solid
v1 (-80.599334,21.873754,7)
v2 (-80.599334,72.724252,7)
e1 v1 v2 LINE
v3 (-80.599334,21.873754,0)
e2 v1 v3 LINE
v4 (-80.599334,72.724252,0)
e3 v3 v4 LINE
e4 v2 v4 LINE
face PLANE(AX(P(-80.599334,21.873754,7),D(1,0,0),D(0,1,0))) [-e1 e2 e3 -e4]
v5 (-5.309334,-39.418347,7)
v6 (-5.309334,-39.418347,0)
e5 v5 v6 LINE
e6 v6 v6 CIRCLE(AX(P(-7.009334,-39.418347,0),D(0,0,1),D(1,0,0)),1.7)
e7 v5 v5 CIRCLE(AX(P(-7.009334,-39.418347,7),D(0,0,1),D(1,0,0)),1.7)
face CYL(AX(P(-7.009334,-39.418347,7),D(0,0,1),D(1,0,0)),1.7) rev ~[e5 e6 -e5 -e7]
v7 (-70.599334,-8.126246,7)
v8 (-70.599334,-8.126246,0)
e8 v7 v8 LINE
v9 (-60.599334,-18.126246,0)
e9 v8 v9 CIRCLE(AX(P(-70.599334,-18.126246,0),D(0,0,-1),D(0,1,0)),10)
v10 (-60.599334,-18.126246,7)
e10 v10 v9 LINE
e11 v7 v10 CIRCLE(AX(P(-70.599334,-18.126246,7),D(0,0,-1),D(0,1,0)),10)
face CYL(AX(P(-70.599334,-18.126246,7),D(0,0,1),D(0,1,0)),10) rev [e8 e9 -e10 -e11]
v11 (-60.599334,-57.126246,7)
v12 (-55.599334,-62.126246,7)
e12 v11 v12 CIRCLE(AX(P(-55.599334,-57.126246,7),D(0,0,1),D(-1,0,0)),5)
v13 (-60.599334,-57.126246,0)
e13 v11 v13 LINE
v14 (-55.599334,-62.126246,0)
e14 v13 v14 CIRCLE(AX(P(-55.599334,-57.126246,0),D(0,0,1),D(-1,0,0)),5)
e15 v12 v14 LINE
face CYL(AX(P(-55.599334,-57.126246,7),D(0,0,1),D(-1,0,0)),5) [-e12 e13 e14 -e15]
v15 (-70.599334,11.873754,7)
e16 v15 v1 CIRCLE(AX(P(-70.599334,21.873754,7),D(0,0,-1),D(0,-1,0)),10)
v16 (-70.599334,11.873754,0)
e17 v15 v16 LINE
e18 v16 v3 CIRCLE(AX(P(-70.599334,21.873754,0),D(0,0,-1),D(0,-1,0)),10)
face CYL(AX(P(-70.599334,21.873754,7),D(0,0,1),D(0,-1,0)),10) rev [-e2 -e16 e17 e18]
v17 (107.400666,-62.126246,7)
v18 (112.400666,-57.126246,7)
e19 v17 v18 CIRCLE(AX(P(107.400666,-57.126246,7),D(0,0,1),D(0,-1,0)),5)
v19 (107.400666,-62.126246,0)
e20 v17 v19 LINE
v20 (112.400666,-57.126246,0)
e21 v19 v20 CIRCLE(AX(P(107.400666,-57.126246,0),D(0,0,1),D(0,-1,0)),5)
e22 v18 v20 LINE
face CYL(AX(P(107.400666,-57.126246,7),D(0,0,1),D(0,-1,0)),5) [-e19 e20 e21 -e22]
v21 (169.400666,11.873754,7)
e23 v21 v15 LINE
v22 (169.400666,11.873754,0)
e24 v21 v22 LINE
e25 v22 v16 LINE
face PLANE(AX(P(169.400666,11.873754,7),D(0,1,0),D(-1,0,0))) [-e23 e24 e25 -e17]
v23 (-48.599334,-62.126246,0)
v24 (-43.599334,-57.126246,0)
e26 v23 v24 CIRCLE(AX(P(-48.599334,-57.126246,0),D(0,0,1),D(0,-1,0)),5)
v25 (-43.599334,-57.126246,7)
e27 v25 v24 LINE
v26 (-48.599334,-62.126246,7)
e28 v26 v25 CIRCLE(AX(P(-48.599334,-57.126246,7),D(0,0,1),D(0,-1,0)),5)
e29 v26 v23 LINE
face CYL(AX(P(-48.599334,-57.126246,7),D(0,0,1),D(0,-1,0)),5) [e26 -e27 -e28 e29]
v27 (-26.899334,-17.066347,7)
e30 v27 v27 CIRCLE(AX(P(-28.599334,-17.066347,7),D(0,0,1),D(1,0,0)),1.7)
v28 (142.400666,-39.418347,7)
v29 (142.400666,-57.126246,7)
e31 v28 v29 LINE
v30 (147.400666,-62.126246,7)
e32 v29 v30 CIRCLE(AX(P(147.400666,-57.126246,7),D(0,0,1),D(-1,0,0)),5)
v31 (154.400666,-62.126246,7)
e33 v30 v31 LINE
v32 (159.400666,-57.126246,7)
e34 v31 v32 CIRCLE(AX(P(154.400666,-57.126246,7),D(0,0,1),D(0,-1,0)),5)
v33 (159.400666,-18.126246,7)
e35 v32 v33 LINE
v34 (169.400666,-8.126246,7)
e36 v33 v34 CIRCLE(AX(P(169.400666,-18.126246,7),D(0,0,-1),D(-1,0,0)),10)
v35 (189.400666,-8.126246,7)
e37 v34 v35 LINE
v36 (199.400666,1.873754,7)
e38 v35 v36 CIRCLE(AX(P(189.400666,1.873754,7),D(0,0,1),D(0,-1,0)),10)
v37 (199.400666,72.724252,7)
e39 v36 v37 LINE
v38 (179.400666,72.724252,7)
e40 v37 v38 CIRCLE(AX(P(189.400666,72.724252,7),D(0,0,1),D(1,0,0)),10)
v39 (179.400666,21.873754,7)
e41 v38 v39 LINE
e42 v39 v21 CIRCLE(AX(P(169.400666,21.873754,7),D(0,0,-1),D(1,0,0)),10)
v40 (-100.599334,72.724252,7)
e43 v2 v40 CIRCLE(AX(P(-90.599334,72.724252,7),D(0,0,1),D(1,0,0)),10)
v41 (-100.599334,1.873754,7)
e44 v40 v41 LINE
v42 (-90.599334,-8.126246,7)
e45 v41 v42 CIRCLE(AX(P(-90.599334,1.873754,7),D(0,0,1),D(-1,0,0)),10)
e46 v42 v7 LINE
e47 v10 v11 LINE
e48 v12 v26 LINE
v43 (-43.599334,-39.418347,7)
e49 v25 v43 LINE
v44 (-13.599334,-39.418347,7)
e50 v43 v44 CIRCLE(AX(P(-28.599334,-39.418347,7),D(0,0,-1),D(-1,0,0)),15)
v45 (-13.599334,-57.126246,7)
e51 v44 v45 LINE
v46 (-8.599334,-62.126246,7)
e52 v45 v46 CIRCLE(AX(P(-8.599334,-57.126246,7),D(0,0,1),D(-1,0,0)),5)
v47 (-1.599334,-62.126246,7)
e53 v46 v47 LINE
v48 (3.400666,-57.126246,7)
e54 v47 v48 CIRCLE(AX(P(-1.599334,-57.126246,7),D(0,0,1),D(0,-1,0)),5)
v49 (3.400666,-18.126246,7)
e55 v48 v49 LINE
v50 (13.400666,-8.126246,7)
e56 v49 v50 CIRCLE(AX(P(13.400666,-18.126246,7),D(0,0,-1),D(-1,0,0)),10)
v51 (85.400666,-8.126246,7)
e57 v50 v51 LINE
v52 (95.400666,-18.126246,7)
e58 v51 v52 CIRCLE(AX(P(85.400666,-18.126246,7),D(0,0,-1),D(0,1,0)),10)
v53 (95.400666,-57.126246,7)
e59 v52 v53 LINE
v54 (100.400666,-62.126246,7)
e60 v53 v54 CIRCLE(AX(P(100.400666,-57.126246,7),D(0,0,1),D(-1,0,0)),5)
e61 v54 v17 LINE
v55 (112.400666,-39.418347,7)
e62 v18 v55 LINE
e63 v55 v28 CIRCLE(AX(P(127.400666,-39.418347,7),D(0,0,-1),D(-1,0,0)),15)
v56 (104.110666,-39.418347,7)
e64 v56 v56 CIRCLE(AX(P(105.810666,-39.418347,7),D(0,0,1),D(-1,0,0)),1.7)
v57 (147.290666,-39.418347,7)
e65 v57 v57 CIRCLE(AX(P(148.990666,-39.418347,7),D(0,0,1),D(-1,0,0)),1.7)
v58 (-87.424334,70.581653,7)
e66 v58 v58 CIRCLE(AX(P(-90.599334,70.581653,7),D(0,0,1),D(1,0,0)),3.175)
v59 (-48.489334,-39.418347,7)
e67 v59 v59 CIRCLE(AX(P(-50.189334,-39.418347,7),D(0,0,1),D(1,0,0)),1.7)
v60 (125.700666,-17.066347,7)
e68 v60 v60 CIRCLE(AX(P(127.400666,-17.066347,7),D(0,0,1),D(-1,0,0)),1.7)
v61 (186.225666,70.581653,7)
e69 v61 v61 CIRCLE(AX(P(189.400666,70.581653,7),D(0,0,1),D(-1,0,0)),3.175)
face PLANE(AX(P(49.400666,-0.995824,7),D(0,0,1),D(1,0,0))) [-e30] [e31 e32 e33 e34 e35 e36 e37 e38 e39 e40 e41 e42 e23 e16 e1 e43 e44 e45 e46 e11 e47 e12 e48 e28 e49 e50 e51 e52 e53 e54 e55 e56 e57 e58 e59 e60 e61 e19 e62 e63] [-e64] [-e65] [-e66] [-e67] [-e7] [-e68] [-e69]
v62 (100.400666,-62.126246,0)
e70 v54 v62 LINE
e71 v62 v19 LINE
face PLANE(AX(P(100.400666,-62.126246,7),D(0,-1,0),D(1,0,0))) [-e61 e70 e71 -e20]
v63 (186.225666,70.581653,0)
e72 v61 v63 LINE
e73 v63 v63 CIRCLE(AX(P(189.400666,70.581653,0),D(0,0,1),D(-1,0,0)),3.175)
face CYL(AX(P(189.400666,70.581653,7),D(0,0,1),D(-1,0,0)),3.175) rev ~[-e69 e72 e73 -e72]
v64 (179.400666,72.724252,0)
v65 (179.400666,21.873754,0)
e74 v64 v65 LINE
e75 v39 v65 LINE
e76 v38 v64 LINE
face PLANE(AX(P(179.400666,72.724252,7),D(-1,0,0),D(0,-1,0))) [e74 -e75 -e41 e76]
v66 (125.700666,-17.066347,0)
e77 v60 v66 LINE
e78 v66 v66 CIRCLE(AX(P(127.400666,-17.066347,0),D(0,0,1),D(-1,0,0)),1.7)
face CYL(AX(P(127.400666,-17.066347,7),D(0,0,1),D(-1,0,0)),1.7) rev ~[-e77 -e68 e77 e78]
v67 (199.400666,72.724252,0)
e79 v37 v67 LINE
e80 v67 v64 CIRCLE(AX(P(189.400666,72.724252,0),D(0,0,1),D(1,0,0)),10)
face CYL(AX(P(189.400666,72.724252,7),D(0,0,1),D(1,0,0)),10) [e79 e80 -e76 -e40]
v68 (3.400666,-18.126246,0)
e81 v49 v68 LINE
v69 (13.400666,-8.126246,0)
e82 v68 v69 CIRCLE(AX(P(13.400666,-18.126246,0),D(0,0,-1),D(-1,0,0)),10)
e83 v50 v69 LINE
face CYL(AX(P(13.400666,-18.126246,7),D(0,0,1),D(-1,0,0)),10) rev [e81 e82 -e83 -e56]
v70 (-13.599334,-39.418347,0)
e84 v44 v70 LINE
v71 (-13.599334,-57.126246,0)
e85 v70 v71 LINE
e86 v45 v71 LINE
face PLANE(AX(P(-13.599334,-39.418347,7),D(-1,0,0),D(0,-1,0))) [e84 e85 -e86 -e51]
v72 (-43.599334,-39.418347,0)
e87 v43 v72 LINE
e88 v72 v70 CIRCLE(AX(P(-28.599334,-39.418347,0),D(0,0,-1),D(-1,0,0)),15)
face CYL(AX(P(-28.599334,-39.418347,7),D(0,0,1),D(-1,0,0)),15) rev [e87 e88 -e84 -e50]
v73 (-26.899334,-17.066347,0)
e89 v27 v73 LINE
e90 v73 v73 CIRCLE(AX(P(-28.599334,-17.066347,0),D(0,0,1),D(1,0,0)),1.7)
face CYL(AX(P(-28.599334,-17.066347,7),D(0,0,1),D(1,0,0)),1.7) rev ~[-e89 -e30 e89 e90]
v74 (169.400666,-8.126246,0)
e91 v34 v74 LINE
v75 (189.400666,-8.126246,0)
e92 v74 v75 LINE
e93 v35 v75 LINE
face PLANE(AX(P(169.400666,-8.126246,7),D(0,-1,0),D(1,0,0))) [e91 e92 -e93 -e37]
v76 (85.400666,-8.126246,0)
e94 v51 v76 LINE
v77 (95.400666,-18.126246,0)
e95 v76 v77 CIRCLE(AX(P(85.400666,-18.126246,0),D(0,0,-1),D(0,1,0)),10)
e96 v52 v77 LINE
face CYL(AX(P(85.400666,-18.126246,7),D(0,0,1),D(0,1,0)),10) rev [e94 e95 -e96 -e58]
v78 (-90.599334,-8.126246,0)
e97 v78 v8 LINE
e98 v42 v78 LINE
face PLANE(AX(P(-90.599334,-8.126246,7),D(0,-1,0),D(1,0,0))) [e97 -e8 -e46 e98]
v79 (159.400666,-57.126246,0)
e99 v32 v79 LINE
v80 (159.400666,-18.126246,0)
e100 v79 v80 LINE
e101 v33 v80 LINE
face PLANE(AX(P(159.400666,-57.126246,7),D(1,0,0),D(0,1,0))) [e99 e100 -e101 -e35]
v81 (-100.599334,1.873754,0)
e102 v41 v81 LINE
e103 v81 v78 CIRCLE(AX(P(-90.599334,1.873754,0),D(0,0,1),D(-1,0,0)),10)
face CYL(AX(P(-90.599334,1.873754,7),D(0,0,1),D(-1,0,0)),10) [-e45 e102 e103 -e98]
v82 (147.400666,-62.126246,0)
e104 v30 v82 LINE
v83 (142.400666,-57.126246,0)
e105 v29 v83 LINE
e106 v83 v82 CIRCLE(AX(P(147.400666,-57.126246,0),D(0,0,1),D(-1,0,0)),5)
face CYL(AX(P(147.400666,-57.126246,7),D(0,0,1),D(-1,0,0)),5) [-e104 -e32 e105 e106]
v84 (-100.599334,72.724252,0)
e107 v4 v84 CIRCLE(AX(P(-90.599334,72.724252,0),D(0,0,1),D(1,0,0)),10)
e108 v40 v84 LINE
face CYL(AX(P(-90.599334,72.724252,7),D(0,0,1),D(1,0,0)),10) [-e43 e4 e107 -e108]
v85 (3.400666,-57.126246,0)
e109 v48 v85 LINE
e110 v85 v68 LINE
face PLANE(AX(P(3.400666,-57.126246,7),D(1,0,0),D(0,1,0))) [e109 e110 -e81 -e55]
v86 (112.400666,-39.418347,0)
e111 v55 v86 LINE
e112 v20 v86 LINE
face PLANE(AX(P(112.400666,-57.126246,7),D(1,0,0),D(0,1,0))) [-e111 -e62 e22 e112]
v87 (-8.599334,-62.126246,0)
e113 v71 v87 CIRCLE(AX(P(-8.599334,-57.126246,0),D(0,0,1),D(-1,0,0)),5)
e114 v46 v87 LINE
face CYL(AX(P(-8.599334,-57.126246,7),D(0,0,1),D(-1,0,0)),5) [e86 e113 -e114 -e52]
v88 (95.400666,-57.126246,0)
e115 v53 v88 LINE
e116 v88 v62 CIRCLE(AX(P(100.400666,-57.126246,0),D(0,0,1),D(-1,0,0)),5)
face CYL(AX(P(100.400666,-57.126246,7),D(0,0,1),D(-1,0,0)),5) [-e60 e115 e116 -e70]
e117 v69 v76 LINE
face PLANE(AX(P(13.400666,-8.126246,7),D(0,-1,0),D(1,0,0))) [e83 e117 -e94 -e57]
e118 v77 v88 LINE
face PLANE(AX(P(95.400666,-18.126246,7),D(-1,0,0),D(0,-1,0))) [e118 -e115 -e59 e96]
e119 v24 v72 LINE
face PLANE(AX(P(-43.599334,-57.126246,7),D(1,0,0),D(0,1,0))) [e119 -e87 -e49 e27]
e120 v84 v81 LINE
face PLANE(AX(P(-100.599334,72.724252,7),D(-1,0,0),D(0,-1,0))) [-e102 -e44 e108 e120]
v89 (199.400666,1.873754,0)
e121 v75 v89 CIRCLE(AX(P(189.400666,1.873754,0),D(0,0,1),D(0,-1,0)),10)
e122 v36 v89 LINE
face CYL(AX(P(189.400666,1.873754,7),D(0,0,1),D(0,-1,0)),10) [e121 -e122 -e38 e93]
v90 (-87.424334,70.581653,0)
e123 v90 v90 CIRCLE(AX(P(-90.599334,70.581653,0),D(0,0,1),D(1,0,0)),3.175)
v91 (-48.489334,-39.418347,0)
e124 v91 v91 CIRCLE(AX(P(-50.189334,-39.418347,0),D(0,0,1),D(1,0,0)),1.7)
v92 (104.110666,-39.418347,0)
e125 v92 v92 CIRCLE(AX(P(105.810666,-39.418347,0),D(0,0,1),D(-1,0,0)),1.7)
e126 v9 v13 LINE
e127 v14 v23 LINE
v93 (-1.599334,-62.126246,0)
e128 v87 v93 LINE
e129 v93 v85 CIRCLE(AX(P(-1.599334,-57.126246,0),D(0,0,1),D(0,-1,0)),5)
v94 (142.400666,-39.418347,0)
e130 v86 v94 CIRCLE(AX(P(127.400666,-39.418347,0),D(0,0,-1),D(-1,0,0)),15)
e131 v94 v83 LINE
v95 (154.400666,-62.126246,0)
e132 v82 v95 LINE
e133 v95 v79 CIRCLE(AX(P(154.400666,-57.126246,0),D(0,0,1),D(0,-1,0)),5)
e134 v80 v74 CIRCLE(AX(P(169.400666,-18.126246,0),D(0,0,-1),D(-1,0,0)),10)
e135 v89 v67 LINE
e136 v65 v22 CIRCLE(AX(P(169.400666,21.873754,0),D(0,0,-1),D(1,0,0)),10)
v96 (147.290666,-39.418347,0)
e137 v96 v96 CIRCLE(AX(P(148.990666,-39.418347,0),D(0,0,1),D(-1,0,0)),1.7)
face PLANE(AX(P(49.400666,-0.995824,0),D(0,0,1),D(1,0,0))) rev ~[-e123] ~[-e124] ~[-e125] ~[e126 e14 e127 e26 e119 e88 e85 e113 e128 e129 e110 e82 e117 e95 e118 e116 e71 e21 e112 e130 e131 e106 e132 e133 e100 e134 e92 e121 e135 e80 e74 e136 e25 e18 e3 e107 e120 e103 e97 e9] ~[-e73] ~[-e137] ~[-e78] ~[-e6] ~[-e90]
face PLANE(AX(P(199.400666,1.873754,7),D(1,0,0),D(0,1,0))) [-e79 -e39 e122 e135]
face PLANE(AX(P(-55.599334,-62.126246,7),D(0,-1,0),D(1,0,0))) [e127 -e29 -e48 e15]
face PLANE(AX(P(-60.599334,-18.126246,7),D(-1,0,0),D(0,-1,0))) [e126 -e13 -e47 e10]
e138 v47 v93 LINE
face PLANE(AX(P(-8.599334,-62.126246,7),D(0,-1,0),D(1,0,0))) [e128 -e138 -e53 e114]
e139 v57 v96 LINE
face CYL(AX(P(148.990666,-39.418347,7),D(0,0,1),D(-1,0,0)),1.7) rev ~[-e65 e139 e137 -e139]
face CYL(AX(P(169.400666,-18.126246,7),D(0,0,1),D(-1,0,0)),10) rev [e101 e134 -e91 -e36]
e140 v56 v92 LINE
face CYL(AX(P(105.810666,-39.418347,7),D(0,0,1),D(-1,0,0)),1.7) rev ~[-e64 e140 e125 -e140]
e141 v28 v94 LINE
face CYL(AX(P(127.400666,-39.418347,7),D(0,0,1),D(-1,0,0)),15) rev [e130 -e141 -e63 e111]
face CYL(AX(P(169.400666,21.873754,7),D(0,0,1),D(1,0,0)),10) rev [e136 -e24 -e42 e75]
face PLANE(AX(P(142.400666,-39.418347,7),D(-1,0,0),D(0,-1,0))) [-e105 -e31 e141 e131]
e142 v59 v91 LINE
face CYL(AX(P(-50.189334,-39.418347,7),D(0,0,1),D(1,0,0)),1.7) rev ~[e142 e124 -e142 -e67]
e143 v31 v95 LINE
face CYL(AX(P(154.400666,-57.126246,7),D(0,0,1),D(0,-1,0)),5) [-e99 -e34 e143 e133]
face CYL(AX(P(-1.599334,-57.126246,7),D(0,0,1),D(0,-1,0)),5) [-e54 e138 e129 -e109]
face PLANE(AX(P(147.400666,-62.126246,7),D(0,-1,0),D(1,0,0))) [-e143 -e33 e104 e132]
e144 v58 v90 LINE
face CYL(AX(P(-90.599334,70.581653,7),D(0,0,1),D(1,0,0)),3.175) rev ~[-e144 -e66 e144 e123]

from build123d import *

# Parameters (mm, degrees)
SKETCH1_R           = 1.7
SKETCH1_R_2         = 3.175
BOSS_EXTRUDE1_DEPTH = 7


with BuildPart() as part:
    # Sketch1 → Boss-Extrude1 (new body)
    with BuildSketch(Plane.XY.offset(7)):
        with BuildLine():
            Line((100.400666143, -62.126245847), (107.400666143, -62.126245847))
            ThreePointArc((107.400666143, -62.126245847), (110.936200049, -60.661779753), (112.400666143, -57.126245847))
            Line((112.400666143, -57.126245847), (112.400666143, -39.418346536))
            ThreePointArc((112.400666143, -39.418346536), (127.400666143, -24.418346536), (142.400666143, -39.418346536))
            Line((142.400666143, -39.418346536), (142.400666143, -57.126245847))
            ThreePointArc((142.400666143, -57.126245847), (143.865132237, -60.661779753), (147.400666143, -62.126245847))
            Line((147.400666143, -62.126245847), (154.400666143, -62.126245847))
            ThreePointArc((154.400666143, -62.126245847), (157.936200049, -60.661779753), (159.400666143, -57.126245847))
            Line((159.400666143, -57.126245847), (159.400666143, -18.126245847))
            ThreePointArc((159.400666143, -18.126245847), (162.329598331, -11.055178035), (169.400666143, -8.126245847))
            Line((169.400666143, -8.126245847), (189.400666143, -8.126245847))
            ThreePointArc((189.400666143, -8.126245847), (196.471733955, -5.197313659), (199.400666143, 1.873754153))
            Line((199.400666143, 1.873754153), (199.400666143, 72.724252492))
            ThreePointArc((199.400666143, 72.724252492), (189.400666143, 82.724252492), (179.400666143, 72.724252492))
            Line((179.400666143, 72.724252492), (179.400666143, 21.873754153))
            ThreePointArc((179.400666143, 21.873754153), (176.471733955, 14.802686341), (169.400666143, 11.873754153))
            Line((169.400666143, 11.873754153), (-70.599333857, 11.873754153))
            ThreePointArc((-70.599333857, 11.873754153), (-77.670401669, 14.802686341), (-80.599333857, 21.873754153))
            Line((-80.599333857, 21.873754153), (-80.599333857, 72.724252492))
            ThreePointArc((-80.599333857, 72.724252492), (-90.599333857, 82.724252492), (-100.599333857, 72.724252492))
            Line((-100.599333857, 72.724252492), (-100.599333857, 1.873754153))
            ThreePointArc((-100.599333857, 1.873754153), (-97.670401669, -5.197313659), (-90.599333857, -8.126245847))
            Line((-90.599333857, -8.126245847), (-70.599333857, -8.126245847))
            ThreePointArc((-70.599333857, -8.126245847), (-63.528266045, -11.055178035), (-60.599333857, -18.126245847))
            Line((-60.599333857, -18.126245847), (-60.599333857, -57.126245847))
            ThreePointArc((-60.599333857, -57.126245847), (-59.134867763, -60.661779753), (-55.599333857, -62.126245847))
            Line((-55.599333857, -62.126245847), (-48.599333857, -62.126245847))
            ThreePointArc((-48.599333857, -62.126245847), (-45.063799951, -60.661779753), (-43.599333857, -57.126245847))
            Line((-43.599333857, -57.126245847), (-43.599333857, -39.418346536))
            ThreePointArc((-43.599333857, -39.418346536), (-28.599333857, -24.418346536), (-13.599333857, -39.418346536))
            Line((-13.599333857, -39.418346536), (-13.599333857, -57.126245847))
            ThreePointArc((-13.599333857, -57.126245847), (-12.134867763, -60.661779753), (-8.599333857, -62.126245847))
            Line((-8.599333857, -62.126245847), (-1.599333857, -62.126245847))
            ThreePointArc((-1.599333857, -62.126245847), (1.936200049, -60.661779753), (3.400666143, -57.126245847))
            Line((3.400666143, -57.126245847), (3.400666143, -18.126245847))
            ThreePointArc((3.400666143, -18.126245847), (6.329598331, -11.055178035), (13.400666143, -8.126245847))
            Line((13.400666143, -8.126245847), (85.400666143, -8.126245847))
            ThreePointArc((85.400666143, -8.126245847), (92.471733955, -11.055178035), (95.400666143, -18.126245847))
            Line((95.400666143, -18.126245847), (95.400666143, -57.126245847))
            ThreePointArc((95.400666143, -57.126245847), (96.865132237, -60.661779753), (100.400666143, -62.126245847))
        make_face()
        with Locations((-50.189333857, -39.418346536)):
            Circle(SKETCH1_R, mode=Mode.SUBTRACT)
        with Locations((-7.009333857, -39.418346536)):
            Circle(SKETCH1_R, mode=Mode.SUBTRACT)
        with Locations((-28.599333857, -17.066346536)):
            Circle(SKETCH1_R, mode=Mode.SUBTRACT)
        with Locations((-90.599333857, 70.581653464)):
            Circle(SKETCH1_R_2, mode=Mode.SUBTRACT)
        with Locations(Location((189.400666143, 70.581653464, 0), (0, 0, 180))):
            Circle(SKETCH1_R_2, mode=Mode.SUBTRACT)
        with Locations(Location((127.400666143, -17.066346536, 0), (0, 0, 180))):
            Circle(SKETCH1_R, mode=Mode.SUBTRACT)
        with Locations(Location((105.810666143, -39.418346536, 0), (0, 0, 180))):
            Circle(SKETCH1_R, mode=Mode.SUBTRACT)
        with Locations(Location((148.990666143, -39.418346536, 0), (0, 0, 180))):
            Circle(SKETCH1_R, mode=Mode.SUBTRACT)
    extrude(amount=-BOSS_EXTRUDE1_DEPTH)


solid = part.part
